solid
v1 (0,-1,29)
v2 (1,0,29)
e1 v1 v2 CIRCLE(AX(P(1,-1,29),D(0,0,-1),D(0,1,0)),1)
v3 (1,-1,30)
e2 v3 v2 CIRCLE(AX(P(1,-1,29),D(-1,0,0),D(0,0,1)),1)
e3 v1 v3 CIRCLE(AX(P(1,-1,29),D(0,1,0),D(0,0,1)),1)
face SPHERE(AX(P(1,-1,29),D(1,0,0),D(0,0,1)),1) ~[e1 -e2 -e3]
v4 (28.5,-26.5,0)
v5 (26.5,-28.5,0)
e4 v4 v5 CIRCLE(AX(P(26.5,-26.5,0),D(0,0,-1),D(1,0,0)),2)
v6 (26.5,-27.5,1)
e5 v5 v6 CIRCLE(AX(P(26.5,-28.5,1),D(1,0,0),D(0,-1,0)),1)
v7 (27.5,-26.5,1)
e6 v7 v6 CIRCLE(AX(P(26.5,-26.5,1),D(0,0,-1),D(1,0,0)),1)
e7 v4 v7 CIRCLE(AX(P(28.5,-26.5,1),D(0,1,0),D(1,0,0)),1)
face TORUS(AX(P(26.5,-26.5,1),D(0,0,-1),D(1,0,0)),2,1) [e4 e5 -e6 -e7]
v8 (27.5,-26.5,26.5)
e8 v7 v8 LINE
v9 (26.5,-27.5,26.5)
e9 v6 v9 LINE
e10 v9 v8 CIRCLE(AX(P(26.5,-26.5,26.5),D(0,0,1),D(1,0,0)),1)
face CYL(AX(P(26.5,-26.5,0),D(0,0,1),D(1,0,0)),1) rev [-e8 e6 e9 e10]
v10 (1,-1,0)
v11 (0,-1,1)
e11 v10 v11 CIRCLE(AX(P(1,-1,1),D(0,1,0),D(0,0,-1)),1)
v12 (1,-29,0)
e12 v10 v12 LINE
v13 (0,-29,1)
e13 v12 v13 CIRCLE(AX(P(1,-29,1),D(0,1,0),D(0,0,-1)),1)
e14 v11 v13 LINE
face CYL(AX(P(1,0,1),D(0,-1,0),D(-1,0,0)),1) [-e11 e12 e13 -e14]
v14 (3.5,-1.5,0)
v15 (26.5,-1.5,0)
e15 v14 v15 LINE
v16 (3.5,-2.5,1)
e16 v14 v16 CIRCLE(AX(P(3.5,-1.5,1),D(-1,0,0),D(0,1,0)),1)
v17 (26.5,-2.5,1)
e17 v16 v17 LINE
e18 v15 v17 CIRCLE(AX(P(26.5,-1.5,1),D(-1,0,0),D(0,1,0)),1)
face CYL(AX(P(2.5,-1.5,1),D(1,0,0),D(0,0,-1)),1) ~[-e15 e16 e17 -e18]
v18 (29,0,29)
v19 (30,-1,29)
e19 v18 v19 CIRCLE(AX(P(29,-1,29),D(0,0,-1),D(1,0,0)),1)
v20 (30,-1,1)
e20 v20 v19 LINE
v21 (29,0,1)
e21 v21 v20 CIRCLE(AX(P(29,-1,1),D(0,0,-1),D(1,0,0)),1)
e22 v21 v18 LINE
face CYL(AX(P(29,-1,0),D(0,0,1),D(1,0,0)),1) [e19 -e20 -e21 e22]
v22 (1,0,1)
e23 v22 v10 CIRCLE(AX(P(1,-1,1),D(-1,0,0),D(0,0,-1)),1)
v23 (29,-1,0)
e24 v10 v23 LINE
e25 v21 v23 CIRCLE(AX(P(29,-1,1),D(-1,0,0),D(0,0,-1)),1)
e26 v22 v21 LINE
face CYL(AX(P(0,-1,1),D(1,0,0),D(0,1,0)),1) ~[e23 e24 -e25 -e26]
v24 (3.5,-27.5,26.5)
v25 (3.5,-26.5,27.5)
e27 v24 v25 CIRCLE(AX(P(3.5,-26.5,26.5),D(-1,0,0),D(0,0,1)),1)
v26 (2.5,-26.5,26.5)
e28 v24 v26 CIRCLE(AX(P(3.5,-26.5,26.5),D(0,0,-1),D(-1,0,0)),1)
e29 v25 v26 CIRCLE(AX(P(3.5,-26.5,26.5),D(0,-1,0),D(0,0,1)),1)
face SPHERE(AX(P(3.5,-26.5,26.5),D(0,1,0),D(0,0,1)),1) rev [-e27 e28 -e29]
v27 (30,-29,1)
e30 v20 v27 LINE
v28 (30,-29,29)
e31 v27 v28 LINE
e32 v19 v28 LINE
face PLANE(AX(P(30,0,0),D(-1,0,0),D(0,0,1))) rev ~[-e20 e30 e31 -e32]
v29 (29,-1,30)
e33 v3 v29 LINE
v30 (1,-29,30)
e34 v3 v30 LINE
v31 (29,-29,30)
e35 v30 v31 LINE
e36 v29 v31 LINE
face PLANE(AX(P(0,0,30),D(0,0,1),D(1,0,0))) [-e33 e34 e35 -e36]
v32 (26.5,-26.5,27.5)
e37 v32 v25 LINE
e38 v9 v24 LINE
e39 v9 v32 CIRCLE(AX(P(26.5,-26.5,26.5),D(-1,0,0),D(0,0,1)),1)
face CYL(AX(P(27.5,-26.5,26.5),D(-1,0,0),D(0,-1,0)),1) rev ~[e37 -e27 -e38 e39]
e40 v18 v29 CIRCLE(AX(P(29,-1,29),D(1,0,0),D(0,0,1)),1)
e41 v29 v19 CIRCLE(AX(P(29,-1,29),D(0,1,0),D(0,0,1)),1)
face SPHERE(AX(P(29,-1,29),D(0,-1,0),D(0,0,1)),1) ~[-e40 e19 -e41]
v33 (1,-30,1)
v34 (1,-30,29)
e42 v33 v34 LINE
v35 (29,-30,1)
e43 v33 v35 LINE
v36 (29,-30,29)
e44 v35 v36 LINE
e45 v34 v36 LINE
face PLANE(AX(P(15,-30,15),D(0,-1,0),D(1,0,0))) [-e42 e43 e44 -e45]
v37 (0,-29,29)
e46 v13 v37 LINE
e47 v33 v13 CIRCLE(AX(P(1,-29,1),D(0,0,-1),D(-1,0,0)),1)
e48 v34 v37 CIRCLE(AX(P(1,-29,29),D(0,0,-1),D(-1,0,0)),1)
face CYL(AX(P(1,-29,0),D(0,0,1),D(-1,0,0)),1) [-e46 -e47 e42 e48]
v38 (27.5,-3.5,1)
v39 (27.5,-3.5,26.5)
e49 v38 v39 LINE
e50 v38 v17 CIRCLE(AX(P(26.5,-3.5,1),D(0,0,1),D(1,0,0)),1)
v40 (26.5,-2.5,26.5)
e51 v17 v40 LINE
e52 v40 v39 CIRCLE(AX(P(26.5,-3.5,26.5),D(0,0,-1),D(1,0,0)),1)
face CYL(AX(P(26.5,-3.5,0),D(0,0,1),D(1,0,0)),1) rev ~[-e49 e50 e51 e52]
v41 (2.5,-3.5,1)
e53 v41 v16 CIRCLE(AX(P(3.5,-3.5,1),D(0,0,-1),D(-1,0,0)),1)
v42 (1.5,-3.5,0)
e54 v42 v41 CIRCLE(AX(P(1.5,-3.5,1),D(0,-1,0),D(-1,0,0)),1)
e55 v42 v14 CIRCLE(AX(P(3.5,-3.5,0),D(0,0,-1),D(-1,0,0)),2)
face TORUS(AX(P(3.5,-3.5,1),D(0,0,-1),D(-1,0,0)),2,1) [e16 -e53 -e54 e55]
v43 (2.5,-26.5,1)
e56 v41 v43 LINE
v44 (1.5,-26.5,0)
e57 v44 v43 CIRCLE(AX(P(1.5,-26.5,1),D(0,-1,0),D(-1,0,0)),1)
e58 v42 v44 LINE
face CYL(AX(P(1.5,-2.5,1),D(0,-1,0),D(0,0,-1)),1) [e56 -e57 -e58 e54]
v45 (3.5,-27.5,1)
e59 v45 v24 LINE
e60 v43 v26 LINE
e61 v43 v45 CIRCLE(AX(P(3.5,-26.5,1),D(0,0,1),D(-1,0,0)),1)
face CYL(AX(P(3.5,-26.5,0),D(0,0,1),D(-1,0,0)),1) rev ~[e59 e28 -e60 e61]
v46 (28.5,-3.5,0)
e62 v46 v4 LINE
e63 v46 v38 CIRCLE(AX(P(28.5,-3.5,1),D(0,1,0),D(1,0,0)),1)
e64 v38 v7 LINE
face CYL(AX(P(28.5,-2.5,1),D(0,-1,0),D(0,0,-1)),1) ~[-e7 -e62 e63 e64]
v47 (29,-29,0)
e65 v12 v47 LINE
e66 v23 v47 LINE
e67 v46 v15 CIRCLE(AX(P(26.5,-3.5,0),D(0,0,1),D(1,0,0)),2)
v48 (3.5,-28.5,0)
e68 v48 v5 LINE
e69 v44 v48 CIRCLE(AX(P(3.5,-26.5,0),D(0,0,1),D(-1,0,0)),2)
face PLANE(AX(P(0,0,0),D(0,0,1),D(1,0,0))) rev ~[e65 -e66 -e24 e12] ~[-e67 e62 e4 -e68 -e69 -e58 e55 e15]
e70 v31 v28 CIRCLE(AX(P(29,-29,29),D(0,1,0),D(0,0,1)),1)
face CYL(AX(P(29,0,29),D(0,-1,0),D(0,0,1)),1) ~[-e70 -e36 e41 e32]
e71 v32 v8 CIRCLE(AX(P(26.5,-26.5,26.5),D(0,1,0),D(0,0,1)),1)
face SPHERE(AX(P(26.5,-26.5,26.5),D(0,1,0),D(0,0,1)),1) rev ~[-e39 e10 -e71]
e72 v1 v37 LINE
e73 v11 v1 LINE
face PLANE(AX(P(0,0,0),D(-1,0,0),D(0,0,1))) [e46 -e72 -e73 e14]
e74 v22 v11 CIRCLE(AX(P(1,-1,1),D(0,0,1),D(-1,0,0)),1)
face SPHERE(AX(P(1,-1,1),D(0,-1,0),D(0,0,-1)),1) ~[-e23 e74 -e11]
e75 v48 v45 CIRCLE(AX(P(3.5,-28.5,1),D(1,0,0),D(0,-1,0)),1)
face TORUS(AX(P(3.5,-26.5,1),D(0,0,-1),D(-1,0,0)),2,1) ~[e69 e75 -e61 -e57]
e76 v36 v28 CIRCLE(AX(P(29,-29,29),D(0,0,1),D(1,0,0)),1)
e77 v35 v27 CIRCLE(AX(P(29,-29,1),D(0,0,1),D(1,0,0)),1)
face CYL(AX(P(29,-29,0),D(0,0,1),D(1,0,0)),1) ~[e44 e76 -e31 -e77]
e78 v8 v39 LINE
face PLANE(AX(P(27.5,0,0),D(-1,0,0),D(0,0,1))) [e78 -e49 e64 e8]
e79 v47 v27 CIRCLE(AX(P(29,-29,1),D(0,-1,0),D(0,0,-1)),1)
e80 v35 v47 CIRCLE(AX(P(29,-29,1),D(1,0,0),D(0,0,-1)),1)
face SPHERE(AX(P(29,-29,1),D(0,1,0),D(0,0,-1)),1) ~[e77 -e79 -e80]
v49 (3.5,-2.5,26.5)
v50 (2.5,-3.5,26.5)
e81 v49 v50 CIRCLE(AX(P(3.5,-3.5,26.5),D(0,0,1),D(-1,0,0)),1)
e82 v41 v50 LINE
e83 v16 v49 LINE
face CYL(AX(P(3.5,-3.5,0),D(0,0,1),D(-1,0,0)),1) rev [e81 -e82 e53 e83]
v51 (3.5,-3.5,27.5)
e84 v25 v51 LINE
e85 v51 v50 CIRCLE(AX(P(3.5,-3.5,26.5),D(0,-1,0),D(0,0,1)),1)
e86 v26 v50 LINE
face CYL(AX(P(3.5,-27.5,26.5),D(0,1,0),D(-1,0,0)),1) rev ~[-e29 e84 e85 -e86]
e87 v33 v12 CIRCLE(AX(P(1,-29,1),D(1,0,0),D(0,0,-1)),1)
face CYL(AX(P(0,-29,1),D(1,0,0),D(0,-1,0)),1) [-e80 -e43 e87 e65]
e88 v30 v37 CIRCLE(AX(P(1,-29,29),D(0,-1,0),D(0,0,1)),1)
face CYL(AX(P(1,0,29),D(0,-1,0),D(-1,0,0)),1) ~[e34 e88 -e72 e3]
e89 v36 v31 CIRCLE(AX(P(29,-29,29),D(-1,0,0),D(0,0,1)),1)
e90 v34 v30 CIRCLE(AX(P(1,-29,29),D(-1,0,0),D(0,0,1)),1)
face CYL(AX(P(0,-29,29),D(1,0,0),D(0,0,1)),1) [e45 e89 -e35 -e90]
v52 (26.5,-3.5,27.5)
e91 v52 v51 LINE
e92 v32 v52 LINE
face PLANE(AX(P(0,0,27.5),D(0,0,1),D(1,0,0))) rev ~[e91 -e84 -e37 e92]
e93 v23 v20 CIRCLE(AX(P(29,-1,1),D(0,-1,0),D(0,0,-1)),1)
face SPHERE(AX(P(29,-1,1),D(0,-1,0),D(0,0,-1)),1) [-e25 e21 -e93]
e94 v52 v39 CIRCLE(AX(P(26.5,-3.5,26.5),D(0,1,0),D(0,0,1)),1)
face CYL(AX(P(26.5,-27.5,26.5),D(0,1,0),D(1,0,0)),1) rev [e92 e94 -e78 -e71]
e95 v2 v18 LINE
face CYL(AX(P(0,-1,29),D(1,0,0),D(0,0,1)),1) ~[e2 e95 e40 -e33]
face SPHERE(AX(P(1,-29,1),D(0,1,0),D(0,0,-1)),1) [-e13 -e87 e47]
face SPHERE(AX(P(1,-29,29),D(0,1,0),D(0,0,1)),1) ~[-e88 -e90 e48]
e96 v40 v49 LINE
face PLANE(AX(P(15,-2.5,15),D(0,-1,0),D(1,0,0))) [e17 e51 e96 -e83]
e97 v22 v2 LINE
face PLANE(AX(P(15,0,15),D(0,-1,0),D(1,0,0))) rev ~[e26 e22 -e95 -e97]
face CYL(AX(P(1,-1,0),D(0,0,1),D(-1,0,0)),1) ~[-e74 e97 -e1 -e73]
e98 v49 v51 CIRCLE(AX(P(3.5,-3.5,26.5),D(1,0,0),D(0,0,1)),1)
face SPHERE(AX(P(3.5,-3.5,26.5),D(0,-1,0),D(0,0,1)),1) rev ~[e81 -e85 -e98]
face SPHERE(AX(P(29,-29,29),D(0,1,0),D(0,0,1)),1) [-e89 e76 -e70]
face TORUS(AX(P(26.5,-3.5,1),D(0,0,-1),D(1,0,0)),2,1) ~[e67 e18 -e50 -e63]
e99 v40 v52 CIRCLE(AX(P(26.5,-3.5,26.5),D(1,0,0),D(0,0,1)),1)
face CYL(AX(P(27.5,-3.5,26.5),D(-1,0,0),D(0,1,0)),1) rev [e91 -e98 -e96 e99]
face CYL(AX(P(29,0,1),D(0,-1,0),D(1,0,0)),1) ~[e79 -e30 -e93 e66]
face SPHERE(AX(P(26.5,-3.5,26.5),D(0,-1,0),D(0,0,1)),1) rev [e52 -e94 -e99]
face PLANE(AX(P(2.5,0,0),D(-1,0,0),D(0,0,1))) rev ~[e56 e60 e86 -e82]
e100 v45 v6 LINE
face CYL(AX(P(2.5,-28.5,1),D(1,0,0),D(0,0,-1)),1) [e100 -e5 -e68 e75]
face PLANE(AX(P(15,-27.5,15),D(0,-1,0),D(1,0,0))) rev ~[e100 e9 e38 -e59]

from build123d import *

# Parameters (mm, degrees)
F0_W     = 30
F0_H     = 30
F1_DEPTH = 30
F2_T     = -2.5
F3_R     = 1


with BuildPart() as f1:
    # F0 (on Front) → F1 (new body)
    with BuildSketch(Plane.XZ):
        with Locations((15, 15)):
            Rectangle(F0_W, F0_H)
    extrude(amount=F1_DEPTH)

    # F2
    f2_openings = [f1.faces().sort_by_distance(p)[0] for p in [
        (15, -15, 0),
    ]]
    offset(amount=F2_T, openings=f2_openings)

    # F3
    f3_edges = [f1.edges().sort_by_distance(p)[0] for p in [
        (30, -15, 30),
        (30, -15, 0),
        (0, -15, 0),
        (2.5, -15, 0),
        (15, 0, 0),
        (15, -30, 0),
        (15, 0, 30),
        (27.5, -15, 0),
        (2.5, -15, 27.5),
        (15, -2.5, 0),
        (15, -27.5, 0),
        (0, -15, 30),
        (15, -30, 30),
        (0, 0, 15),
        (0, -30, 15),
        (30, 0, 15),
        (30, -30, 15),
        (27.5, -15, 27.5),
        (15, -2.5, 27.5),
        (15, -27.5, 27.5),
        (2.5, -2.5, 13.75),
        (2.5, -27.5, 13.75),
        (27.5, -2.5, 13.75),
        (27.5, -27.5, 13.75),
    ]]
    fillet(f3_edges, radius=F3_R)


solid = f1.part
